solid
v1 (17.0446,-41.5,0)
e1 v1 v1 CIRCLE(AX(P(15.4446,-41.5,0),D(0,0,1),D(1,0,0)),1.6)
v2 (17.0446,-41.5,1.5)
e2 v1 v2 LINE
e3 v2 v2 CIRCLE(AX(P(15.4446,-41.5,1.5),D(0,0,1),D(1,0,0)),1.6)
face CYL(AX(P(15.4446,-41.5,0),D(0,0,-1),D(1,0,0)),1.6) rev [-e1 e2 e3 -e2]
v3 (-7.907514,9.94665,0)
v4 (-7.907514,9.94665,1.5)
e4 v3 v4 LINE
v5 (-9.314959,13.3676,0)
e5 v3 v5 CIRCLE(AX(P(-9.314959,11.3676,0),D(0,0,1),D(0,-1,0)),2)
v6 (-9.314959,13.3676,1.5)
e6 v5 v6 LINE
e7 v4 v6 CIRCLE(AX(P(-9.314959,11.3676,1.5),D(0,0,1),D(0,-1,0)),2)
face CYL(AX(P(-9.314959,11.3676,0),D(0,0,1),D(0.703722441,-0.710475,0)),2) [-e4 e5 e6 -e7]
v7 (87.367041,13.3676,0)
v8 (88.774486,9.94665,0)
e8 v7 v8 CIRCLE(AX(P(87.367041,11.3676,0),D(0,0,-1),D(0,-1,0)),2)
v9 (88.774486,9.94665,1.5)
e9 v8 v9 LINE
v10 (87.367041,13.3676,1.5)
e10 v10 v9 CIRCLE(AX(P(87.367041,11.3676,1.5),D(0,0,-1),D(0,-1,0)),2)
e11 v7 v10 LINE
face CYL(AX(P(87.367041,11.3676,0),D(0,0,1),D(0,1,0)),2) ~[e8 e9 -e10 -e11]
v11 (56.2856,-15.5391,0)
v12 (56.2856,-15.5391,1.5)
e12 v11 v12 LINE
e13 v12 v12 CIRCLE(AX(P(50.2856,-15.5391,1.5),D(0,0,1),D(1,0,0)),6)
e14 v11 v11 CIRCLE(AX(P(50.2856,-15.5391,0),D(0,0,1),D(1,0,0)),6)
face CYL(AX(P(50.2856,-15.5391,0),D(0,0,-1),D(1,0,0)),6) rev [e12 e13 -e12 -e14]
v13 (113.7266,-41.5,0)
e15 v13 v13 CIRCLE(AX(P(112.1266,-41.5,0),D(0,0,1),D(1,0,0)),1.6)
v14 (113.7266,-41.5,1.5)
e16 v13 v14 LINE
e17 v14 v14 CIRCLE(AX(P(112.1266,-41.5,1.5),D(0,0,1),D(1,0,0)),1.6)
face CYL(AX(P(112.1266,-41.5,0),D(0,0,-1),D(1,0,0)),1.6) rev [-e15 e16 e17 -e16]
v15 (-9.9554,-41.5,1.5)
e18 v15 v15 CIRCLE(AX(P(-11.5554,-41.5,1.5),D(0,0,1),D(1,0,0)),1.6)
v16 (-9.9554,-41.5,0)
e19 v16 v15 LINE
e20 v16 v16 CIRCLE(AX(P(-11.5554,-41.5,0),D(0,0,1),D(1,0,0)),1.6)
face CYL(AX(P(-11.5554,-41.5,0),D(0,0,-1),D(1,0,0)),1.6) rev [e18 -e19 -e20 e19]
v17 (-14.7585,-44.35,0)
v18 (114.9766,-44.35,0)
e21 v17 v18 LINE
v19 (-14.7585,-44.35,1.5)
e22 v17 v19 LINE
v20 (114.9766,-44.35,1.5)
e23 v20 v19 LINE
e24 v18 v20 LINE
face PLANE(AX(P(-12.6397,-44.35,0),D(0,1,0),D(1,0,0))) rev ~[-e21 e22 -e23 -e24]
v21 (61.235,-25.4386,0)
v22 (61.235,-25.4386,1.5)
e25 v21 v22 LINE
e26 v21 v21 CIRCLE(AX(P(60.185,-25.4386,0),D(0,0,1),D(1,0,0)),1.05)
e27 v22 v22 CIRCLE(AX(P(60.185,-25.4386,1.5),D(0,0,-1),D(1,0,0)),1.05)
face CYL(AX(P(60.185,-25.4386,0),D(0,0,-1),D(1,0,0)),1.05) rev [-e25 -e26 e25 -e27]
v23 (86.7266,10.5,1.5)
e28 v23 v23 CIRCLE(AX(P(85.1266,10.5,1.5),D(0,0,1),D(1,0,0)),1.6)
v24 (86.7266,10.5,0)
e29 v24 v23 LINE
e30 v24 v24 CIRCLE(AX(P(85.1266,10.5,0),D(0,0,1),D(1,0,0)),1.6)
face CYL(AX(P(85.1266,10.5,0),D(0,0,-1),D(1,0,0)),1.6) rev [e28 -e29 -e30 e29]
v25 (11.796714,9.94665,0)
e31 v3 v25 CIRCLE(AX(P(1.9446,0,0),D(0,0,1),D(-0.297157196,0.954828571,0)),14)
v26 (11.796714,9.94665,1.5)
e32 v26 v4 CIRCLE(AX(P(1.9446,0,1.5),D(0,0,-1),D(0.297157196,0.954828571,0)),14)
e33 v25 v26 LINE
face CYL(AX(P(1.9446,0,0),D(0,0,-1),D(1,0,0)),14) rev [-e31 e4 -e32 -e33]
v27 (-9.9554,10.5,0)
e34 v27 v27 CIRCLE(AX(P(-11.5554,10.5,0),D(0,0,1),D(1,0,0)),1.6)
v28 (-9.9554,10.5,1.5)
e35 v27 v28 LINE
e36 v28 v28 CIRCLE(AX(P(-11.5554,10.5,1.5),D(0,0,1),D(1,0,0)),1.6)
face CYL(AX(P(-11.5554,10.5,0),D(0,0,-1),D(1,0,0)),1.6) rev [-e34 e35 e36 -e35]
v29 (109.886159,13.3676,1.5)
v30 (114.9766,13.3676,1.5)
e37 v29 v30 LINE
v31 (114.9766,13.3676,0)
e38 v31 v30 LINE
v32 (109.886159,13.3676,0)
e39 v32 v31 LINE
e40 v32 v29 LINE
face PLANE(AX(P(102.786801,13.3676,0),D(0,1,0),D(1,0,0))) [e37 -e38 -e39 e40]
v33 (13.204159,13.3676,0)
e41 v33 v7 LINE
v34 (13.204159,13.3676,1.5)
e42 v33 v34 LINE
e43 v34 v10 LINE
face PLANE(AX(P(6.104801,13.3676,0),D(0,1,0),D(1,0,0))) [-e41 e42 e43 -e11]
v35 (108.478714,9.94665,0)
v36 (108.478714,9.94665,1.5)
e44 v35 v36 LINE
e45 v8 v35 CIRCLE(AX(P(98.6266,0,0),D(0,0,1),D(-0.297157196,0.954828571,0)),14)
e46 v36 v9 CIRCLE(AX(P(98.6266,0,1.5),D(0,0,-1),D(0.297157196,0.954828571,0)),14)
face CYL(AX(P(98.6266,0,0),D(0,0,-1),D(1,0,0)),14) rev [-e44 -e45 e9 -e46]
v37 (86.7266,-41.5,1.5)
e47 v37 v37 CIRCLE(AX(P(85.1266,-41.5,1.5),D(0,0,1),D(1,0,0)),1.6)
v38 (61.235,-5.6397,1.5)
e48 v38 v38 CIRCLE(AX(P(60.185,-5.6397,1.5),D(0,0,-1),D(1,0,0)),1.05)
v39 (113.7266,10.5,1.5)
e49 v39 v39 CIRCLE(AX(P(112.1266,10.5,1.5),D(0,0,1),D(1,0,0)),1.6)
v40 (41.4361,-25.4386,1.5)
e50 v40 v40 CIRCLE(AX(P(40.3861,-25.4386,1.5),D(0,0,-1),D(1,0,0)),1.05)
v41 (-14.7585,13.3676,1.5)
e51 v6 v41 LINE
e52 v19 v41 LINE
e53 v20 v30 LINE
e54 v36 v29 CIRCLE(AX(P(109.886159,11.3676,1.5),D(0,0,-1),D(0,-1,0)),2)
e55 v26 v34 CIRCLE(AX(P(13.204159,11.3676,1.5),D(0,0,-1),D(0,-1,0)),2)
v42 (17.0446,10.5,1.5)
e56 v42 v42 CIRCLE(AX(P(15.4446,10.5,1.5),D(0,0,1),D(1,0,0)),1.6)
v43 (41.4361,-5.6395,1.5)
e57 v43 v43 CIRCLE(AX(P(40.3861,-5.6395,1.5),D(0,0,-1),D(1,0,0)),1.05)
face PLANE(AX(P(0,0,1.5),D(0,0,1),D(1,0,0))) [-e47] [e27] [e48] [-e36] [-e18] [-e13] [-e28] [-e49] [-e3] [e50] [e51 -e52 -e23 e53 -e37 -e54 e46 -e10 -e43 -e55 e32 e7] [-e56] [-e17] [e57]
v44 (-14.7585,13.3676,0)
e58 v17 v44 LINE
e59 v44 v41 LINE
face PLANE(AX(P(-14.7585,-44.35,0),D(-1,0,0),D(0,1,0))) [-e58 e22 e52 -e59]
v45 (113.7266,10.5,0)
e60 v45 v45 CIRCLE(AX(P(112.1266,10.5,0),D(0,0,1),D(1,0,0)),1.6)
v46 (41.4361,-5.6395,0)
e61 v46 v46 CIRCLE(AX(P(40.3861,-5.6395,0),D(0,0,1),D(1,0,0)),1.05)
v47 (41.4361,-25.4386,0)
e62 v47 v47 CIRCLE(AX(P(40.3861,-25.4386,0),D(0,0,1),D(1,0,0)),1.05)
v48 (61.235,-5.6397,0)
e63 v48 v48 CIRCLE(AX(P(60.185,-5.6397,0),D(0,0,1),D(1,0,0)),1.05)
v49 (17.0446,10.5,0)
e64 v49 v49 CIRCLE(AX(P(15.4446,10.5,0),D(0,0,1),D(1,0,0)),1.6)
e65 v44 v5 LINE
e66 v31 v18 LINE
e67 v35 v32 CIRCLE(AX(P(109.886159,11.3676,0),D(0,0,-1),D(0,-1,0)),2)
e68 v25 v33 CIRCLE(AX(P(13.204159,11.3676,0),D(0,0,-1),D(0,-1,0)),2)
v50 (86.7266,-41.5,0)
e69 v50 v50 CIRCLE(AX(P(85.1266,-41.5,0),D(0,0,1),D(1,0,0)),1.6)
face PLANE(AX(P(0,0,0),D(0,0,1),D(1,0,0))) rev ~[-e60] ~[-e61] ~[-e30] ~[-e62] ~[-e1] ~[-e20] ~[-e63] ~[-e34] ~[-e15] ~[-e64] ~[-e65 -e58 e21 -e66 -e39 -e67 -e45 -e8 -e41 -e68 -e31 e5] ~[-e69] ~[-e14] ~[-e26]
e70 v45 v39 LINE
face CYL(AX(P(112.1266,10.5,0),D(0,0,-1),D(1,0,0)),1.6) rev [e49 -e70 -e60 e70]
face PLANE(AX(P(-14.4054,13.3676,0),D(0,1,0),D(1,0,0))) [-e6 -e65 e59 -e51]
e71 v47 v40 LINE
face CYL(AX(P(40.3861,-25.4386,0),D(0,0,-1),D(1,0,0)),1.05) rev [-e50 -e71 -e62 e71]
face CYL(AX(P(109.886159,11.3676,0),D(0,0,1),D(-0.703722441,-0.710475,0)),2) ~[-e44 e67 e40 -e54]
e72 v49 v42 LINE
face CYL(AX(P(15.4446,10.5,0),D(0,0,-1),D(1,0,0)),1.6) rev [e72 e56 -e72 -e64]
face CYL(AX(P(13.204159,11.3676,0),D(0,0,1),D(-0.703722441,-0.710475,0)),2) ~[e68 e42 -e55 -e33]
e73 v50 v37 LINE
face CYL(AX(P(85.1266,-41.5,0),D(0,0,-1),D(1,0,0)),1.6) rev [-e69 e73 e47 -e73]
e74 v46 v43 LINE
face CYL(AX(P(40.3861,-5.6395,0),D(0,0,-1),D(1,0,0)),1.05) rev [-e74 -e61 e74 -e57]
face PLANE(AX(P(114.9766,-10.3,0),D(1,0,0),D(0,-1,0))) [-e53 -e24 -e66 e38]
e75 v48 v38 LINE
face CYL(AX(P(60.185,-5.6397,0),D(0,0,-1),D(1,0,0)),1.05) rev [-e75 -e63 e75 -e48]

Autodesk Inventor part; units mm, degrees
ref_plane "YZ Plane" through (0, 0, 0) normal (1, 0, 0) x (0, 1, 0)
ref_plane "XZ Plane" through (0, 0, 0) normal (0, 1, 0) x (-1, 0, 0)
ref_plane "XY Plane" through (0, 0, 0) normal (0, 0, 1) x (1, 0, 0)
sketch "スケッチ1" plane through (0, 0, 0) normal (0, 0, 1) x (1, 0, 0)
  line L0 (16.5289, 13.35) -> (-12.6397, 13.35) projected
  line L1 (-12.6397, 13.35) -> (-14.4054, 11.5843) projected
  line L2 (-14.4054, 11.5843) -> (-14.4054, -42.5843) projected
  line L3 (-14.4054, -42.5843) -> (-12.6397, -44.35) projected
  line L4 (-12.6397, -44.35) -> (16.5289, -44.35) projected
  line L5 (16.5289, -44.35) -> (18.2946, -42.5843) projected
  line L6 (18.2946, -42.5843) -> (18.2946, 11.5843) projected
  line L7 (18.2946, 11.5843) -> (16.5289, 13.35) projected
  circle A0 centre (-11.5554, 10.5) radius 2.4 projected
  circle A1 centre (15.4446, -41.5) radius 2.4 projected
  circle A2 centre (-11.5554, -41.5) radius 2.4 projected
  circle A3 centre (15.4446, -10.5) radius 1.35 projected
  circle A4 centre (-11.5554, -10.5) radius 1.35 projected
  circle A5 centre (15.4446, 10.5) radius 2.4 projected
  circle A6 centre (1.9446, 0) radius 13 projected
  line L8 (86.9266, -23.7) -> (82.2766, -23.7) projected
  line L9 (82.2766, -23.7) -> (82.2766, -42.5843) projected
  line L10 (82.2766, -42.5843) -> (84.0423, -44.35) projected
  line L11 (84.0423, -44.35) -> (113.2109, -44.35) projected
  line L12 (113.2109, -44.35) -> (114.9766, -42.5843) projected
  line L13 (114.9766, -42.5843) -> (114.9766, -23.7) projected
  line L14 (114.9766, -23.7) -> (110.3266, -23.7) projected
  arc A7 (109.8266, -23.2) -> (110.3266, -23.7) centre (110.3266, -23.2) ccw projected
  line L15 (109.8266, -23.2) -> (109.8266, -21.9243) projected
  arc A8 (109.8266, -21.9243) -> (109.7973, -21.8536) centre (109.7266, -21.9243) ccw projected
  line L16 (109.7973, -21.8536) -> (106.673, -18.7293) projected
  arc A9 (106.673, -18.7293) -> (106.6023, -18.7) centre (106.6023, -18.8) ccw projected
  line L17 (106.6023, -18.7) -> (90.6508, -18.7) projected
  arc A10 (90.6508, -18.7) -> (90.5801, -18.7293) centre (90.6508, -18.8) ccw projected
  line L18 (90.5801, -18.7293) -> (87.4559, -21.8536) projected
  arc A11 (87.4559, -21.8536) -> (87.4266, -21.9243) centre (87.5266, -21.9243) ccw projected
  line L19 (87.4266, -21.9243) -> (87.4266, -23.2) projected
  arc A12 (86.9266, -23.7) -> (87.4266, -23.2) centre (86.9266, -23.2) ccw projected
  circle A13 centre (112.1266, -41.5) radius 2.4 projected
  circle A14 centre (85.1266, -41.5) radius 2.4 projected
  line L20 (82.2766, -10.3) -> (90.695, -10.3) projected
  arc A15 (94.6266, 12.3693) -> (90.695, -10.3) centre (98.6266, 0) ccw projected
  line L21 (94.6266, 13.35) -> (94.6266, 12.3693) projected
  line L22 (94.6266, 13.35) -> (84.0423, 13.35) projected
  line L23 (84.0423, 13.35) -> (82.2766, 11.5843) projected
  line L24 (82.2766, 11.5843) -> (82.2766, -10.3) projected
  circle A16 centre (85.1266, 10.5) radius 2.4 projected
  line L25 (106.5581, -10.3) -> (114.9766, -10.3) projected
  line L26 (114.9766, -10.3) -> (114.9766, 11.5843) projected
  line L27 (114.9766, 11.5843) -> (113.2109, 13.35) projected
  line L28 (113.2109, 13.35) -> (102.6266, 13.35) projected
  line L29 (102.6266, 13.35) -> (102.6266, 12.3693) projected
  arc A17 (106.5581, -10.3) -> (102.6266, 12.3693) centre (98.6266, 0) ccw projected
  circle A18 centre (112.1266, 10.5) radius 2.4 projected
  circle A19 centre (85.1266, -41.5) radius 1.3 projected
  circle A20 centre (112.1266, -41.5) radius 1.3 projected
  circle A21 centre (112.1266, 10.5) radius 1.3 projected
  circle A22 centre (85.1266, 10.5) radius 1.3 projected
  circle A23 centre (15.4446, 10.5) radius 1.3 projected
  circle A24 centre (-11.5554, 10.5) radius 1.3 projected
  circle A25 centre (-11.5554, -41.5) radius 1.3 projected
  circle A26 centre (15.4446, -41.5) radius 1.3 projected
  circle A27 centre (50.2856, -15.5391) radius 5 projected
  line L30 (-14.7585, 13.3676) -> (114.9766, 13.3676)
  line L31 (114.9766, 13.3676) -> (114.9766, -44.35)
  line L32 (114.9766, -44.35) -> (-14.7585, -44.35)
  line L33 (-14.7585, -44.35) -> (-14.7585, 13.3676)
  circle A28 centre (50.2856, -15.5391) radius 6
  circle A29 centre (85.1266, -41.5) radius 1.6
  circle A30 centre (112.1266, -41.5) radius 1.6
  circle A31 centre (112.1266, 10.5) radius 1.6
  circle A32 centre (85.1266, 10.5) radius 1.6
  circle A33 centre (-11.5554, 10.5) radius 1.6
  circle A34 centre (15.4446, 10.5) radius 1.6
  circle A35 centre (-11.5554, -41.5) radius 1.6
  circle A36 centre (15.4446, -41.5) radius 1.6
  circle A37 centre (1.9446, 0) radius 14
  circle A38 centre (98.6266, 0) radius 14
  line L34 (-14.7353, -44.35) -> (-14.4054, 13.3676)
  circle A39 centre (50.2856, -15.5391) radius 14
  line L35 (60.185, -5.6395) -> (40.3861, -5.6395)
  line L36 (40.3861, -5.6395) -> (40.3861, -25.4386)
  line L37 (40.3861, -25.4386) -> (60.185, -25.4386)
  line L38 (60.185, -25.4386) -> (60.185, -5.6395)
  line L39 (60.185, -5.6395) -> (40.3861, -25.4386) construction
  line L40 (40.3861, -5.6395) -> (60.185, -25.4386) construction
  circle A40 centre (40.3861, -5.6395) radius 1.05
  circle A41 centre (60.185, -5.6397) radius 1.05
  circle A42 centre (60.185, -25.4386) radius 1.05
  circle A43 centre (40.3861, -25.4386) radius 1.05
  point P0 (0, 0)
  point P1 (13.955, 9.6197)
  point P2 (94.4663, 13.3676)
  point P3 (94.6266, 13.35)
  point P4 (84.0423, 13.35)
  point P5 (14.5843, 13.35)
  point P6 (6.1609, 13.35)
  point P7 (-2.2718, 13.35)
  point P8 (-14.5843, 13.35)
  point P9 (-16.35, 11.5843)
  point P10 (-16.35, -42.5843)
  point P11 (-12.6397, -44.35)
  point P12 (16.5289, -44.35)
  point P13 (84.0423, -44.35)
  point P14 (113.2109, -44.35)
  point P15 (114.9766, -42.5843)
  point P16 (114.9766, -23.7)
  point P17 (113.2109, 13.35)
  point P18 (102.6266, 13.35)
  point P19 (102.7868, 13.3676)
  point P20 (84.0423, -44.35)
  point P21 (113.2109, -44.35)
  point P22 (6.1048, 13.3676)
  point P23 (-2.2157, 13.3676)
  point P24 (114.9766, -42.5843)
  point P25 (114.9766, -23.7)
  point P26 (114.9766, 11.5843)
  point P27 (114.9766, -10.3)
  point P28 (106.5581, -10.3)
  dimension "d14" = 28
  dimension "d0" = 12
  dimension "d1" = 3.2
  dimension "d2" = 3.2
  dimension "d3" = 3.2
  dimension "d4" = 3.2
  dimension "d5" = 3.2
  dimension "d6" = 3.2
  dimension "d7" = 3.2
  dimension "d8" = 3.2
  dimension "d9" = 28
  dimension "d10" = 28
  dimension "d15" = 19.7989
  dimension "d16" = 2.1
  dimension "d17" = 2.1
  dimension "d18" = 2.1
  dimension "d19" = 2.1
extrude "押し出し1" add sketch "スケッチ1" along normal blind 1.5 contours L7 L6 L5 L4 L3 L2 L1 L0 A37 | L0 A37 L30 A38 L22 L23 L24 L20 L25 L31 L14 A7 L15 A8 L16 A9 L17 A10 L18 A11 L19 A12 L8 L9 L10 L32 L5 L6 L7 | L0 L1 L2 L3 L32 L34 L30 A37 | L34 L32 L33 L30 | L30 L31 L27 L28 A38 | A38 L20 L24 L23 L22 | L10 L9 L8 A12 L19 A11 L18 A10 L17 A9 L16 A8 L15 A7 L14 L13 L12 L11 | L28 L27 L26 L25 A38 | L12 L31 L32 | A0 | A1 | A2 | A3 | A4 | A5 | A13 | A14 | A16 | A18 | A39 A42 L38 A41 | L38 A42 L37 A43 L36 A40 L35 A41 | A41 L35 A40 A39 | A39 A43 L37 A42 | A40 L36 A43 A39
fillet "フィレット1" radius 2 4 edges at (102.7868, 13.3676, 0.75) (94.4663, 13.3676, 0.75) (6.1048, 13.3676, 0.75) (-2.2157, 13.3676, 0.75)
